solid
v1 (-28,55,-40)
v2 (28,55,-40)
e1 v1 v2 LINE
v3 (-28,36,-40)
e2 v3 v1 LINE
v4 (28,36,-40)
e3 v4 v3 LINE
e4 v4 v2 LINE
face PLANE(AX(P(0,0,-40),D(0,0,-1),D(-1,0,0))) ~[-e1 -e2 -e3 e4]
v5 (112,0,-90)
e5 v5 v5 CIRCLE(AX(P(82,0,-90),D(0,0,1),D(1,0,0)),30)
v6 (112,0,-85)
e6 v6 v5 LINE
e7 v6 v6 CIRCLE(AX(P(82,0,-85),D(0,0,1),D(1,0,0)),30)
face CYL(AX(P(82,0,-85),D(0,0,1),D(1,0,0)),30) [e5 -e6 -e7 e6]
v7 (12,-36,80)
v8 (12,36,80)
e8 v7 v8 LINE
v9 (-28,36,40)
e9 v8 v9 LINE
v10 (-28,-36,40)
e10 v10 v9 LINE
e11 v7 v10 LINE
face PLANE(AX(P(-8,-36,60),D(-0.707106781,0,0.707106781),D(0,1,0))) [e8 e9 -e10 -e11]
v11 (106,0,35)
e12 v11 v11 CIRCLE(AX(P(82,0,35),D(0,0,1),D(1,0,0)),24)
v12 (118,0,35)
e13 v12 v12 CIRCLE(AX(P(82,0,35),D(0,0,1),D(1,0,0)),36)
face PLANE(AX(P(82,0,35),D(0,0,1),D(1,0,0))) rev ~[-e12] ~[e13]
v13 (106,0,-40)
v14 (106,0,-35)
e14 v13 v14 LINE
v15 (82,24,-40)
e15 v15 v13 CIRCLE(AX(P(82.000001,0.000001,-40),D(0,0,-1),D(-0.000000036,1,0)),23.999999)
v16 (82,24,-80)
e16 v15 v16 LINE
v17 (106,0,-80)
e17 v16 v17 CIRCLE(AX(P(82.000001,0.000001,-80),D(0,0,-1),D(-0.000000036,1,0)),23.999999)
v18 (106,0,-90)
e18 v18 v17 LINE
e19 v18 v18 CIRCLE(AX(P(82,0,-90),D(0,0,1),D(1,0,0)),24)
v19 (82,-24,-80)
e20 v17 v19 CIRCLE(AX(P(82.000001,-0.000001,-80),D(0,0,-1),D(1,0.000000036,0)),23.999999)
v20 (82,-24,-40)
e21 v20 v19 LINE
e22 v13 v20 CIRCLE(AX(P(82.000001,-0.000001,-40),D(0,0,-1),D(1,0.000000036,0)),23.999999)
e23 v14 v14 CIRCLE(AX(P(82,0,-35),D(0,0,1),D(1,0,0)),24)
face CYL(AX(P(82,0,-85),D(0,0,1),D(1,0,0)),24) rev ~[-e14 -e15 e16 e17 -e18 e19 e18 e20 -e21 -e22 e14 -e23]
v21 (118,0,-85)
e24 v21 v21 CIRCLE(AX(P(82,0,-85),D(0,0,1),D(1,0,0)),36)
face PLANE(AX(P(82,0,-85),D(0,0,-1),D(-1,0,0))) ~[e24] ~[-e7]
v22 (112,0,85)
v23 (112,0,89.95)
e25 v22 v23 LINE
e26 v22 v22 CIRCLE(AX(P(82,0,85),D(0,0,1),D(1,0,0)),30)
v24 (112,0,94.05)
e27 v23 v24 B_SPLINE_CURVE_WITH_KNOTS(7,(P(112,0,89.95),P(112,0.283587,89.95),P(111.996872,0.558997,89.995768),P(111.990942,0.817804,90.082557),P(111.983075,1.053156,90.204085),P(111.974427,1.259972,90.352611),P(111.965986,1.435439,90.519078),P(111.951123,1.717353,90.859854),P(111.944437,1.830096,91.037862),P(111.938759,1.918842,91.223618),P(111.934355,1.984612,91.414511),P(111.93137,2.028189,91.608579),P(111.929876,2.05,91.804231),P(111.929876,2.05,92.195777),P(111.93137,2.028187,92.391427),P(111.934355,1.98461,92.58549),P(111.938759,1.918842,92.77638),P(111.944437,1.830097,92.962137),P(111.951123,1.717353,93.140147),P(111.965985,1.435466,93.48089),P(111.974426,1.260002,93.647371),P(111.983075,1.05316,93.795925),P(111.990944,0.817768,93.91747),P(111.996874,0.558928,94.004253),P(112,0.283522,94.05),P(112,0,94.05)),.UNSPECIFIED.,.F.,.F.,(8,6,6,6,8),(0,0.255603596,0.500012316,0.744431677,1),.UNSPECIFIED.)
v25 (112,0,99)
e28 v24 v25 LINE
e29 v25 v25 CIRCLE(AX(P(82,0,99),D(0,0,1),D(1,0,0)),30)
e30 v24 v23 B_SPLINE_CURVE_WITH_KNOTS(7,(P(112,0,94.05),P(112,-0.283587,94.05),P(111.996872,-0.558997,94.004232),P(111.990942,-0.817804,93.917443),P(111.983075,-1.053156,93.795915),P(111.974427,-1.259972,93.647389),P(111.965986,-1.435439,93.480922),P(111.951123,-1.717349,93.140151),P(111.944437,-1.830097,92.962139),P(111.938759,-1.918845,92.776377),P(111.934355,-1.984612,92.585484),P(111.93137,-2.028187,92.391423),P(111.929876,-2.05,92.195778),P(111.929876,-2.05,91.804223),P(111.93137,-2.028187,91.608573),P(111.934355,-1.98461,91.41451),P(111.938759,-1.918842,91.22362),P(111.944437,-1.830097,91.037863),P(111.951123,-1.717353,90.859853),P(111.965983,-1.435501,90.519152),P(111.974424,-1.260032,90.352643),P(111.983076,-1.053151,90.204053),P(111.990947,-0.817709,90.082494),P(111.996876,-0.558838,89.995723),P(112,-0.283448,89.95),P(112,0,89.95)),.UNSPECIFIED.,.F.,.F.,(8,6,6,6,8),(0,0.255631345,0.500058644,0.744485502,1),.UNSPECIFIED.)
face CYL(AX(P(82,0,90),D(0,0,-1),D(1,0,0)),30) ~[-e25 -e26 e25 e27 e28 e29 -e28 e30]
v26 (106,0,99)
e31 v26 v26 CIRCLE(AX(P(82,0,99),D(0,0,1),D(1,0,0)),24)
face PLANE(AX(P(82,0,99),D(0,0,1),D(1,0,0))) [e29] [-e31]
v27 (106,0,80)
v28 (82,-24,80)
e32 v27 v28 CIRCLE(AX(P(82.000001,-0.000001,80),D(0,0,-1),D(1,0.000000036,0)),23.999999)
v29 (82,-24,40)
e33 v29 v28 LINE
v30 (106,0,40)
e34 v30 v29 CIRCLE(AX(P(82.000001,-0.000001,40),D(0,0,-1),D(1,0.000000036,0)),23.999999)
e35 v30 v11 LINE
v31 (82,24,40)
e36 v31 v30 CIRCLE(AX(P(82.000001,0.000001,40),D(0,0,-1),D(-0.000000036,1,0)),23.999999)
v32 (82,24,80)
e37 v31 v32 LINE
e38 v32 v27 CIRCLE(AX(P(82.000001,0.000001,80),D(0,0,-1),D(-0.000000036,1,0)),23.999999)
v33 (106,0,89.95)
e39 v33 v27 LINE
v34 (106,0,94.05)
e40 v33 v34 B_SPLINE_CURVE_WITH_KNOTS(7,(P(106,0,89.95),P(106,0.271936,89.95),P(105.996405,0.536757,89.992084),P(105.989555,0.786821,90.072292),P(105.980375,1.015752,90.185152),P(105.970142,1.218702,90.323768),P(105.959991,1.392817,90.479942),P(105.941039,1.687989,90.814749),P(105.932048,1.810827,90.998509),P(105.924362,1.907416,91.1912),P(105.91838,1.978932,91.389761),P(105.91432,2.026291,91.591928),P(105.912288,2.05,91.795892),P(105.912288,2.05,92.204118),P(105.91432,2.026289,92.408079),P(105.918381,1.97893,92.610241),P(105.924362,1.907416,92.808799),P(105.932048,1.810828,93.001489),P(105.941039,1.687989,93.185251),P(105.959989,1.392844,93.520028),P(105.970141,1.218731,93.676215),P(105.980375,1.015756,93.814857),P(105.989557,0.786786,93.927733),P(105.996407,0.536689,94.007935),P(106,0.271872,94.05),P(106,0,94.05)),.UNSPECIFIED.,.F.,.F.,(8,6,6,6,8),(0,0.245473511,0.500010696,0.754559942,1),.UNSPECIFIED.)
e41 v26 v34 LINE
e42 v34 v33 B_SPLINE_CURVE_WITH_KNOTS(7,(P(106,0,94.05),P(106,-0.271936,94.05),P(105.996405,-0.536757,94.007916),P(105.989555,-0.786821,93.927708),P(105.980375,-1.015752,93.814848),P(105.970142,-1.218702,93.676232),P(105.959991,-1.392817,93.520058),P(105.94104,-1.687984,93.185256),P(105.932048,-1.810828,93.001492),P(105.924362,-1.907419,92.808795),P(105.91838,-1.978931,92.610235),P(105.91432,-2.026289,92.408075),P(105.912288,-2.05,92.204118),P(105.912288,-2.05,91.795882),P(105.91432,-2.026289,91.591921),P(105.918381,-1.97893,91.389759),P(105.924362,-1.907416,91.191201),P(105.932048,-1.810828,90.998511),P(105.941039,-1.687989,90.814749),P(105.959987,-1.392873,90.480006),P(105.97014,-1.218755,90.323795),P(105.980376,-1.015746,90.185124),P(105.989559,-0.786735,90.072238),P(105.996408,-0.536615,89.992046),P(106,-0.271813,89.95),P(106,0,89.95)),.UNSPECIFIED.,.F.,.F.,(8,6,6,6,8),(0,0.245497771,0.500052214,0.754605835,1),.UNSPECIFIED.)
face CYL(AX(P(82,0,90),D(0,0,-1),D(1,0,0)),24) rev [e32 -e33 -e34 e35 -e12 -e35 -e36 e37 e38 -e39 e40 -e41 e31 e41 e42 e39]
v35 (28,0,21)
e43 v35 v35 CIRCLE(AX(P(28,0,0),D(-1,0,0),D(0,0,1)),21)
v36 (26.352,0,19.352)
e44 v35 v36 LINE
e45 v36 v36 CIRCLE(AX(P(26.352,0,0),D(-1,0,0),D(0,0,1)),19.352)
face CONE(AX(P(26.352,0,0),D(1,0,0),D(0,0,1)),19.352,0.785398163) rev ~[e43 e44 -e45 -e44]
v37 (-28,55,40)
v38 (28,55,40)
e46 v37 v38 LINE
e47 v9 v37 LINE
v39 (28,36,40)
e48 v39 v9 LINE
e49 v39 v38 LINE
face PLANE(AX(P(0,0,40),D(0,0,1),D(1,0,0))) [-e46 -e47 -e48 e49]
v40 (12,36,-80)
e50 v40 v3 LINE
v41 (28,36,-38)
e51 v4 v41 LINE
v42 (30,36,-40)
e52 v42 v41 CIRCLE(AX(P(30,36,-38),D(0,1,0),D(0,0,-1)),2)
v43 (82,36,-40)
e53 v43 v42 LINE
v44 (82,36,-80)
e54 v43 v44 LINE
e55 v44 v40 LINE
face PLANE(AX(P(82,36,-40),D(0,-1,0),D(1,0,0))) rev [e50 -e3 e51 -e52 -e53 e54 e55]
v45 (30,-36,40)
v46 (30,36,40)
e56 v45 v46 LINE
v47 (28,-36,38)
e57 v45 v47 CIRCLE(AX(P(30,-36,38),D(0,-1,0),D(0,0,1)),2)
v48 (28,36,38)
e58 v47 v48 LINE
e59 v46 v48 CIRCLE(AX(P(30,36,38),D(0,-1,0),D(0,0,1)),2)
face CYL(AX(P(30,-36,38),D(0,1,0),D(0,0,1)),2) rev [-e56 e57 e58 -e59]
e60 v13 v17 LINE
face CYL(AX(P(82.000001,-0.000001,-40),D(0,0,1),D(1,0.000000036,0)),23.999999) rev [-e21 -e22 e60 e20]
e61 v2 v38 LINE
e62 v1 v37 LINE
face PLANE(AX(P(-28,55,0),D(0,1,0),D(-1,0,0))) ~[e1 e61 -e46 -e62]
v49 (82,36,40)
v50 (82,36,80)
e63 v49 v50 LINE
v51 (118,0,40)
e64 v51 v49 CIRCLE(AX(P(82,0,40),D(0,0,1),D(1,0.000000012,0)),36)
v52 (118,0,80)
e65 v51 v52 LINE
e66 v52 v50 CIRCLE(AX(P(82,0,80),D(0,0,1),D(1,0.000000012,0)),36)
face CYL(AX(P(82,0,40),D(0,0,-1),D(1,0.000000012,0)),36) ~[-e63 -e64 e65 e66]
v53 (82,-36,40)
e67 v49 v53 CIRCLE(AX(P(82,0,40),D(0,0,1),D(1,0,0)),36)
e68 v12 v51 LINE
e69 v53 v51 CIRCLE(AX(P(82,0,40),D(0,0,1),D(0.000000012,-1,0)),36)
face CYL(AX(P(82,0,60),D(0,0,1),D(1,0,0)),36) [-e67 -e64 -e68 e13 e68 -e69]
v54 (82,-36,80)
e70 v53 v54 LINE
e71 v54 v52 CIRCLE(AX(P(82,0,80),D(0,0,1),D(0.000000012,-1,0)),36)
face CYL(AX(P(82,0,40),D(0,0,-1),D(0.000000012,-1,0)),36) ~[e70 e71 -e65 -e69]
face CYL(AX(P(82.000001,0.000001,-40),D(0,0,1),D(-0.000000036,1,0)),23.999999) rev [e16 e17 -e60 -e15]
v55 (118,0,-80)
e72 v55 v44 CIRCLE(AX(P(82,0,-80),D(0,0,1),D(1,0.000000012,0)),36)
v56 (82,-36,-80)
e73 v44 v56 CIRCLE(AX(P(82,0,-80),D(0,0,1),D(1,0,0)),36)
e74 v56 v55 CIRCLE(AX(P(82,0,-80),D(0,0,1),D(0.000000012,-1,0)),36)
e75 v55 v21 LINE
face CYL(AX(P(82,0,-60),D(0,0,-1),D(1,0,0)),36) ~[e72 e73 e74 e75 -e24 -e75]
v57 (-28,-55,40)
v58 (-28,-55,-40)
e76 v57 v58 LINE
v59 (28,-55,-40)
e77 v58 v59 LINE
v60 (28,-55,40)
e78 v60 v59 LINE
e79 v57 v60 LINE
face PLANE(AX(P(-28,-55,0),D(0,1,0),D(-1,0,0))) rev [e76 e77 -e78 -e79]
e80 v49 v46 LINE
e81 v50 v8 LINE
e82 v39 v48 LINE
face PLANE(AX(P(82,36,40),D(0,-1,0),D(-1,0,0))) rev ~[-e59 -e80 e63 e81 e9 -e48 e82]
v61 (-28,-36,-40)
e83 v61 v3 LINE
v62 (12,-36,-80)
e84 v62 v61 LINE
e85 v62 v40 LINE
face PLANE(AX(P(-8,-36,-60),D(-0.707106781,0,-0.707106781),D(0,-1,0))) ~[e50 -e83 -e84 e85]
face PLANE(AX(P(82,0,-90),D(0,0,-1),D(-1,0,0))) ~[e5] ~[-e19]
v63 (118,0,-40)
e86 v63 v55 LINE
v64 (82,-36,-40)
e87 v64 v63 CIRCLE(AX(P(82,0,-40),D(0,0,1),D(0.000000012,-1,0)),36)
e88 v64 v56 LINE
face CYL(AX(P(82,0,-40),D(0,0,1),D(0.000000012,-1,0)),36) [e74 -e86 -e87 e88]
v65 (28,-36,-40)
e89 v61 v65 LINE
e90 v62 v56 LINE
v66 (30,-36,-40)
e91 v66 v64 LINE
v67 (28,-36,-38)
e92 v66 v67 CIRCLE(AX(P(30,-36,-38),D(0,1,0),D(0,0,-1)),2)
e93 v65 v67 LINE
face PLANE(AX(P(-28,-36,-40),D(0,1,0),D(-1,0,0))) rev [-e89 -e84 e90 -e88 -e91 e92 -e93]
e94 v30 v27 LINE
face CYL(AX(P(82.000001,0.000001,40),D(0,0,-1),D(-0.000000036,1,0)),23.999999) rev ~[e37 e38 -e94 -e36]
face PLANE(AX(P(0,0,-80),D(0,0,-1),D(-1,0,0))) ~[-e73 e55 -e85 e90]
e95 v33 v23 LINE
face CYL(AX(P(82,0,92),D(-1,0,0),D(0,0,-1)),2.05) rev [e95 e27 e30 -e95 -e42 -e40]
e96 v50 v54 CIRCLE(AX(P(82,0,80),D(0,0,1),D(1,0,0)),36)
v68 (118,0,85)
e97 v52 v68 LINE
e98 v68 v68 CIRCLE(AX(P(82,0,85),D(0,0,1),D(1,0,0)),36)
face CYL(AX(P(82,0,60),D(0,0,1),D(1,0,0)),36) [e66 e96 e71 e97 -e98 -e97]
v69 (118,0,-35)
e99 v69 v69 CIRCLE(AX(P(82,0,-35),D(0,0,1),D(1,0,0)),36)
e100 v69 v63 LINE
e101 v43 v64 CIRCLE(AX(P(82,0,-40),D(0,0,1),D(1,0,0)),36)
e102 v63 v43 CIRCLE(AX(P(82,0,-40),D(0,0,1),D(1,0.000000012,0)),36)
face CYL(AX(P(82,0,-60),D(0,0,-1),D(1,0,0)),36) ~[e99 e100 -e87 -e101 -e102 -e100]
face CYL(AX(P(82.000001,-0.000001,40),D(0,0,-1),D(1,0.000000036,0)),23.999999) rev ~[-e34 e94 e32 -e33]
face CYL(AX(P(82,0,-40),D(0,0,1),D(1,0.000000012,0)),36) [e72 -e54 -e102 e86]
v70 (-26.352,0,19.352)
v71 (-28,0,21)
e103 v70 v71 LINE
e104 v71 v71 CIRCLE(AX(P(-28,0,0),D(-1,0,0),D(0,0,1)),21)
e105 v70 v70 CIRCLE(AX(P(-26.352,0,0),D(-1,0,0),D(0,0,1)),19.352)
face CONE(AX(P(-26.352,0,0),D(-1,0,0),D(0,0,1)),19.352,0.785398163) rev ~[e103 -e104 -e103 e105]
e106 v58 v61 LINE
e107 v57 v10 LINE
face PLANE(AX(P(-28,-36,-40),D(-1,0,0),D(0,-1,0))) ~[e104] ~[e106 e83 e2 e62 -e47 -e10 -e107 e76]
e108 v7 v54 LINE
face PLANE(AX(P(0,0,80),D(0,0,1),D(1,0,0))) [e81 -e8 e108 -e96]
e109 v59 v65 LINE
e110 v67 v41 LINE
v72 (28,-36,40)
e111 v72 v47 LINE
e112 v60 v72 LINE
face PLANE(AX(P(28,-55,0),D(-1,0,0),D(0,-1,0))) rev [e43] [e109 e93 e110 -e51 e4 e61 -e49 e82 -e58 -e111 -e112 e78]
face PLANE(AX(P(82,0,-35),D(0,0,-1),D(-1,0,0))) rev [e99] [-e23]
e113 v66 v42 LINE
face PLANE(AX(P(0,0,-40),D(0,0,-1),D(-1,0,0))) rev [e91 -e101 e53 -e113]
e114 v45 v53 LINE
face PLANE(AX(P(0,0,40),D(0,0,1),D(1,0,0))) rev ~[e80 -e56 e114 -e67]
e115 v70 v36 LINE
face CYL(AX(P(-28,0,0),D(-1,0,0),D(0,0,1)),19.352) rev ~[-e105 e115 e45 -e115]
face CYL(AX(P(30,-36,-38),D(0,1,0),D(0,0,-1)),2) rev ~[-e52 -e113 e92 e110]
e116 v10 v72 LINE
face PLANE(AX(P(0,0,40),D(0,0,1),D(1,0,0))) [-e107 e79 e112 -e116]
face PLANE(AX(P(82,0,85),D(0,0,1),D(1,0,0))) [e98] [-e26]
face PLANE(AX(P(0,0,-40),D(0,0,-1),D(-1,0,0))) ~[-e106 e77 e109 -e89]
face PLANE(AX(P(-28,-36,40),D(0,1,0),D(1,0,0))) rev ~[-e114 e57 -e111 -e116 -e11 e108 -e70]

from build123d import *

# Parameters (mm, degrees)
SKETCH_1_W          = 56
SKETCH_1_H          = 110
EXTRUDE_1_DEPTH     = 40
SKETCH_3_W          = 56
SKETCH_3_H          = 72
EXTRUDE_2_DEPTH     = 40
SKETCH_4_R          = 36
SKETCH_4_R_2        = 24
EXTRUDE_3_DEPTH     = 25
SKETCH_5_R          = 30
SKETCH_5_R_2        = 24
EXTRUDE_4_DEPTH     = 5
CHAMFER_1_SIZE      = 40
FILLET_1_R          = 2
SKETCH_6_R          = 19.352
CUT_EXTRUDE_1_DEPTH = 147
CHAMFER_2_SIZE      = 1.648
SKETCH_7_R          = 30
SKETCH_7_R_2        = 24
EXTRUDE_5_DEPTH     = 9
SKETCH_8_R          = 2.05
CUT_EXTRUDE_2_DEPTH = 37


with BuildPart() as part:
    # Эскиз1 → Бобышка-Вытянуть1 (new body)
    with BuildSketch(Plane.XY):
        Rectangle(SKETCH_1_W, SKETCH_1_H)
    extrude(amount=EXTRUDE_1_DEPTH)

    # Эскиз3 → Бобышка-Вытянуть2 (add)
    with BuildSketch(Plane.XY.offset(40)):
        Rectangle(SKETCH_3_W, SKETCH_3_H)
        with BuildLine():
            Line((28, 36), (28, -36))
            Line((28, -36), (82, -36))
            ThreePointArc((82, -36), (46, 0), (82, 36))
            Line((82, 36), (28, 36))
        make_face()
        with BuildLine():
            ThreePointArc((82, 36), (46, 0), (82, -36))
            Line((82, -36), (82, -24))
            ThreePointArc((82, -24), (58, 0), (82, 24))
            Line((82, 24), (82, 36))
        make_face()
        with BuildLine():
            Line((82, -24), (82, -36))
            ThreePointArc((82, -36), (107.455844, -25.455844), (118, 0))
            ThreePointArc((118, 0), (107.455844, 25.455844), (82, 36))
            Line((82, 36), (82, 24))
            ThreePointArc((82, 24), (98.970563, 16.970563), (106, 0))
            ThreePointArc((106, 0), (98.970563, -16.970563), (82, -24))
        make_face()
    extrude(amount=EXTRUDE_2_DEPTH)

    # Эскиз4 → Бобышка-Вытянуть3 (add, symmetric)
    with BuildSketch(Plane.XY.offset(60)):
        with Locations((82, 0)):
            Circle(SKETCH_4_R)
        with Locations((82, 0)):
            Circle(SKETCH_4_R_2, mode=Mode.SUBTRACT)
    extrude(amount=EXTRUDE_3_DEPTH, both=True)

    # Эскиз5 → Бобышка-Вытянуть4 (add)
    with BuildSketch(Plane.XY.offset(85)):
        with Locations((82, 0)):
            Circle(SKETCH_5_R)
        with Locations((82, 0)):
            Circle(SKETCH_5_R_2, mode=Mode.SUBTRACT)
    extrude(amount=EXTRUDE_4_DEPTH)

    # Фаска1
    chamfer_1_edges = [part.edges().sort_by_distance(p)[0] for p in [
        (-28, 0, 80),
    ]]
    chamfer(chamfer_1_edges, length=CHAMFER_1_SIZE)

    # Скругление1
    fillet_1_edges = [part.edges().sort_by_distance(p)[0] for p in [
        (28, 0, 40),
    ]]
    fillet(fillet_1_edges, radius=FILLET_1_R)

    # Зеркальное отражение1: part across plane


with BuildPart() as part_1:
    add(part.part)
    add(part.part.mirror(Plane(origin=(0, 0, 0), x_dir=(1, 0, 0), z_dir=(0, 0, -1))))

    # Эскиз6 → Вырез-Вытянуть1 (cut, through all)
    with BuildSketch(Plane.ZY.offset(28)):
        Circle(SKETCH_6_R)
    extrude(amount=-CUT_EXTRUDE_1_DEPTH, mode=Mode.SUBTRACT)

    # Фаска2
    chamfer_2_edges = [part_1.edges().sort_by_distance(p)[0] for p in [
        (28, -13.68393, 13.68393),
        (-28, 13.68393, 13.68393),
    ]]
    chamfer(chamfer_2_edges, length=CHAMFER_2_SIZE)

    # Эскиз7 → Бобышка-Вытянуть5 (add)
    with BuildSketch(Plane.XY.offset(90)):
        with Locations((82, 0)):
            Circle(SKETCH_7_R)
        with Locations((82, 0)):
            Circle(SKETCH_7_R_2, mode=Mode.SUBTRACT)
    extrude(amount=EXTRUDE_5_DEPTH)

    # Эскиз8 → Вырез-Вытянуть2 (cut, through all)
    with BuildSketch(Plane(origin=(82, 0, 0), x_dir=(0, 0, -1), z_dir=(1, 0, 0))):
        with Locations((-92, 0)):
            Circle(SKETCH_8_R)
    extrude(amount=CUT_EXTRUDE_2_DEPTH, mode=Mode.SUBTRACT)


solid = part_1.part
